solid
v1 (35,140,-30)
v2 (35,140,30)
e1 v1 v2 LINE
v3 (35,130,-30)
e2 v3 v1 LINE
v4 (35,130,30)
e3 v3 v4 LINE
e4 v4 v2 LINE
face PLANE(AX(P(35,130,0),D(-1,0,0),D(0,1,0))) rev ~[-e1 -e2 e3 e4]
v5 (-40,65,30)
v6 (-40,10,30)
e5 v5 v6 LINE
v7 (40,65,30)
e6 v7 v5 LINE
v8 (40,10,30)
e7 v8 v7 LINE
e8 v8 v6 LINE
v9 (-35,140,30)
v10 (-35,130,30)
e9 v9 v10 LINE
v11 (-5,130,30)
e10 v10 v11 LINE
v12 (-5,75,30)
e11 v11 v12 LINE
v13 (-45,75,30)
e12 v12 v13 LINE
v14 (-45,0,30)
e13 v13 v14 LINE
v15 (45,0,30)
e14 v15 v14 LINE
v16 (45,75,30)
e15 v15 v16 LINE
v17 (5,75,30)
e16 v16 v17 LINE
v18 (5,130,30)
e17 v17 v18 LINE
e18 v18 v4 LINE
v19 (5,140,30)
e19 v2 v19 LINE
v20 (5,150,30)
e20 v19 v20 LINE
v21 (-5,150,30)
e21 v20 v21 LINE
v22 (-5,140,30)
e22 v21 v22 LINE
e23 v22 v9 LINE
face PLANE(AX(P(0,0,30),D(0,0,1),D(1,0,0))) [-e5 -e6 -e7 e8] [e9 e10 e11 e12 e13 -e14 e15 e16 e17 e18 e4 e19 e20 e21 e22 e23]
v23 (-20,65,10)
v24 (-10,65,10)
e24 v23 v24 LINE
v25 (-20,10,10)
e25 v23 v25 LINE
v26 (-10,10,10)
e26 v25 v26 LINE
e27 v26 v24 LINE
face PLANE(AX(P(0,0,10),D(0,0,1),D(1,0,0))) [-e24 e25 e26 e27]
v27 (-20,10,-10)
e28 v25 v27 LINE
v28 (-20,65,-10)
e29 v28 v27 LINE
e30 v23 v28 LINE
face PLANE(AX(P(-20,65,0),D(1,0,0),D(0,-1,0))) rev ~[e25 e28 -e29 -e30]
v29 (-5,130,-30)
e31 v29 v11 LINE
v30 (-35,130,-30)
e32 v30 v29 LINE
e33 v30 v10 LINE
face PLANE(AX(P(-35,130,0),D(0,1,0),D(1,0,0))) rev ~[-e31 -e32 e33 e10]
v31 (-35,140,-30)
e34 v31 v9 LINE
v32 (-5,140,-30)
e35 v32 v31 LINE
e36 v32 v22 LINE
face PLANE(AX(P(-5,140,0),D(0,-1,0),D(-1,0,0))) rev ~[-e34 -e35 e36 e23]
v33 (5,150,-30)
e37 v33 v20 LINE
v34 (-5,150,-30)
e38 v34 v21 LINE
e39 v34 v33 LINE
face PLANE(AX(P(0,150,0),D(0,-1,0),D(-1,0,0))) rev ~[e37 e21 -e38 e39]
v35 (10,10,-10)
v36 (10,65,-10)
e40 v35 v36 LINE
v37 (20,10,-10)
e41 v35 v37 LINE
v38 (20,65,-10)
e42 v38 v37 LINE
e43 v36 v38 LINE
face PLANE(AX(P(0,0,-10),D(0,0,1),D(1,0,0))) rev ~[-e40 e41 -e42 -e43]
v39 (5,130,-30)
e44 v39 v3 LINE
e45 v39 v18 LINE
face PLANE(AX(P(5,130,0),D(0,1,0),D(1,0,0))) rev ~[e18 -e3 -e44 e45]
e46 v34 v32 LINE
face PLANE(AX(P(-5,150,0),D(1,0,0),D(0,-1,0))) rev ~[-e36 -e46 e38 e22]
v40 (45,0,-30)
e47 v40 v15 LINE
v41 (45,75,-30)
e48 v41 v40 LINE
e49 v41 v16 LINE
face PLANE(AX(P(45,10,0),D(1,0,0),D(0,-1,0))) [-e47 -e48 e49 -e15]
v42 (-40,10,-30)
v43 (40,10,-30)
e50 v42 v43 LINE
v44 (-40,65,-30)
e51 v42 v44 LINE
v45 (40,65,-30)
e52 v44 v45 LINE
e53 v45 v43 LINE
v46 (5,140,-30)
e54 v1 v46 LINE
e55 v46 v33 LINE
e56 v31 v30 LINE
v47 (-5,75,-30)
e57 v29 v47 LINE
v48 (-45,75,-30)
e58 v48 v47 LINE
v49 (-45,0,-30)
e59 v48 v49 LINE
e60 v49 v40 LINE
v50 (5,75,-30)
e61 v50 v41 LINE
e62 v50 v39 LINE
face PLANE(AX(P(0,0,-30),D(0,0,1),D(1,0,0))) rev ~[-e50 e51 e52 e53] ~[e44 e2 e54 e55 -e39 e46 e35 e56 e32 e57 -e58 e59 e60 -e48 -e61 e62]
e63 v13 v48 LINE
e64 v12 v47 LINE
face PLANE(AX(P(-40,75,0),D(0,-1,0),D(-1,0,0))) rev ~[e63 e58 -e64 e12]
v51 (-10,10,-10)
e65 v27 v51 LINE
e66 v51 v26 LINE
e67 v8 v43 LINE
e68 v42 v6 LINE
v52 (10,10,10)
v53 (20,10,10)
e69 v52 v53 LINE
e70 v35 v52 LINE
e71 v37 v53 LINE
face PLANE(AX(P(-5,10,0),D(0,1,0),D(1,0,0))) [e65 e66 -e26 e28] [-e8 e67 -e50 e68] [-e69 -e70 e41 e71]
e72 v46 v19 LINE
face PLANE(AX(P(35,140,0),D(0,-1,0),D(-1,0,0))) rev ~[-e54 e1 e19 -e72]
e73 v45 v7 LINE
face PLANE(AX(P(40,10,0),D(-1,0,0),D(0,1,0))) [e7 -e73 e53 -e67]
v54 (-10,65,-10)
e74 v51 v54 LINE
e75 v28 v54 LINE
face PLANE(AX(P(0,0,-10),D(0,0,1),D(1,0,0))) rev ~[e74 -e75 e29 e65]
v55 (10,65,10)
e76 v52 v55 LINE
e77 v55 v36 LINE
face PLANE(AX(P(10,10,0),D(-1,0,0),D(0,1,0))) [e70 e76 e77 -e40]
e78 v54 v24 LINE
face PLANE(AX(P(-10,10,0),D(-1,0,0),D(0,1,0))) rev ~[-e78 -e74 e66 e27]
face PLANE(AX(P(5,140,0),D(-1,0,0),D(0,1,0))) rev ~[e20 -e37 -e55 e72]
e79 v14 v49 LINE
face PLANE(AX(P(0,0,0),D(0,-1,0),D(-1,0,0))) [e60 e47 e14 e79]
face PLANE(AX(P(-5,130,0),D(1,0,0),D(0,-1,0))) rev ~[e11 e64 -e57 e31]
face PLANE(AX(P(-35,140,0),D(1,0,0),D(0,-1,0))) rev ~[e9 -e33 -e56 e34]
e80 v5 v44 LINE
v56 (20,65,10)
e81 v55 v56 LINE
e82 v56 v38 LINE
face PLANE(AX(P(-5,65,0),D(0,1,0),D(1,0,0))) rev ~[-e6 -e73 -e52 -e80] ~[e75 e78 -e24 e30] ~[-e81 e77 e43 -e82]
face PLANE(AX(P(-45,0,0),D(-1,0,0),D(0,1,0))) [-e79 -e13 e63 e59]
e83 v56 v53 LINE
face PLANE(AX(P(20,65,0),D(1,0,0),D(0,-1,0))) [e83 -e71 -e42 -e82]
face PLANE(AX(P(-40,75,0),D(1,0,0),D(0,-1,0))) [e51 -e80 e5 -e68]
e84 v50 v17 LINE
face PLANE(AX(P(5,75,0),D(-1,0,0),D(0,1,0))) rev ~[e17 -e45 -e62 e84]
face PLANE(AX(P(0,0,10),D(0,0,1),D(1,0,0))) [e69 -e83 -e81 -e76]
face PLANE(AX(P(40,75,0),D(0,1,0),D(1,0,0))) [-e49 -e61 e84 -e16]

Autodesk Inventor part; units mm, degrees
ref_plane "YZ Plane" through (0, 0, 0) normal (1, 0, 0) x (0, 1, 0)
ref_plane "XZ Plane" through (0, 0, 0) normal (0, 1, 0) x (-1, 0, 0)
ref_plane "XY Plane" through (0, 0, 0) normal (0, 0, 1) x (1, 0, 0)
sketch "스케치1" plane through (0, 0, 0) normal (0, 0, 1) x (1, 0, 0)
  line L0 (0, 0) -> (0, 150)
  line L1 (45, 0) -> (-45, 0)
  line L2 (-45, 0) -> (-45, 10)
  line L3 (-45, 10) -> (45, 10)
  line L4 (45, 10) -> (45, 0)
  line L5 (45, 0) -> (-45, 10) construction
  line L6 (-45, 0) -> (45, 10) construction
  line L7 (-35, 130) -> (35, 130)
  line L8 (35, 130) -> (35, 140)
  line L9 (35, 140) -> (-35, 140)
  line L10 (-35, 140) -> (-35, 130)
  line L11 (-35, 130) -> (35, 140) construction
  line L12 (35, 130) -> (-35, 140) construction
  line L13 (-40, 65) -> (40, 65)
  line L14 (40, 65) -> (40, 75)
  line L15 (40, 75) -> (-40, 75)
  line L16 (-40, 75) -> (-40, 65)
  line L17 (-40, 65) -> (40, 75) construction
  line L18 (40, 65) -> (-40, 75) construction
  line L19 (5, 150) -> (-5, 150)
  line L20 (-5, 0) -> (5, 0)
  line L21 (-45, 10) -> (-40, 10)
  line L22 (-40, 10) -> (-40, 75)
  line L23 (-40, 75) -> (-45, 75)
  line L24 (-45, 75) -> (-45, 10)
  line L25 (45, 10) -> (40, 10)
  line L26 (40, 10) -> (40, 75)
  line L27 (40, 75) -> (45, 75)
  line L28 (45, 75) -> (45, 10)
  line L29 (5, 0) -> (5, 10)
  line L30 (5, 65) -> (5, 150)
  line L31 (-5, 150) -> (-5, 65)
  line L32 (-5, 10) -> (-5, 0)
  line L33 (0, 10) -> (10, 10)
  line L34 (10, 10) -> (10, 65)
  line L35 (10, 65) -> (0, 65)
  line L36 (0, 65) -> (0, 10)
  line L37 (0, 10) -> (-10, 10)
  line L38 (-10, 10) -> (-10, 65)
  line L39 (-10, 65) -> (0, 65)
  line L40 (0, 65) -> (0, 10)
  line L41 (-10, 65) -> (-20, 65)
  line L42 (-20, 65) -> (-20, 10)
  line L43 (-20, 10) -> (-10, 10)
  line L44 (-10, 10) -> (-10, 65)
  line L45 (10, 65) -> (20, 65)
  line L46 (20, 65) -> (20, 10)
  line L47 (20, 10) -> (10, 10)
  line L48 (10, 10) -> (10, 65)
  point P0 (0, 5)
  point P1 (0, 135)
  point P2 (0, 70)
  point P3 (-5, 140)
  point P4 (5, 140)
  point P5 (-5, 75)
  point P6 (5, 75)
  point P7 (-5, 130)
  point P8 (5, 130)
  dimension "d16" = 150
  dimension "d17" = 90
  dimension "d18" = 10
  dimension "d22" = 70
  dimension "d23" = 10
  dimension "d25" = 80
  dimension "d26" = 10
  dimension "d27" = 55
  dimension "d28" = 55
  dimension "d29" = 10
  dimension "d30" = 150
  dimension "d35" = 10
  dimension "d36" = 10
  dimension "d37" = 10
  dimension "d38" = 10
extrude "돌출1" add sketch "스케치1" along normal blind 30 and the other way blind 30 contours L1 L32 L3 L0 | L0 L3 L29 L1 | L29 L3 L4 L1 | L1 L2 L3 L32 | L13 L31 L15 L0 | L0 L15 L30 L13 | L15 L31 L7 L0 | L0 L7 L30 L15 | L13 L16 L15 L31 | L30 L15 L14 L13 | L7 L31 L9 L0 | L0 L9 L30 L7 | L9 L31 L19 L0 | L0 L19 L30 L9 | L7 L10 L9 L31 | L30 L9 L8 L7
extrude "돌출2" add sketch "스케치1" along normal blind 30 and the other way blind 30 contours L3 L26 L14 L27 L28 | L24 L23 L16 L22 L3
extrude "돌출3" add sketch "스케치1" along normal blind 10 and the other way blind 10 contours L3 L42 L13 L38 | L34 L13 L46 L3
properties part number "팔"
